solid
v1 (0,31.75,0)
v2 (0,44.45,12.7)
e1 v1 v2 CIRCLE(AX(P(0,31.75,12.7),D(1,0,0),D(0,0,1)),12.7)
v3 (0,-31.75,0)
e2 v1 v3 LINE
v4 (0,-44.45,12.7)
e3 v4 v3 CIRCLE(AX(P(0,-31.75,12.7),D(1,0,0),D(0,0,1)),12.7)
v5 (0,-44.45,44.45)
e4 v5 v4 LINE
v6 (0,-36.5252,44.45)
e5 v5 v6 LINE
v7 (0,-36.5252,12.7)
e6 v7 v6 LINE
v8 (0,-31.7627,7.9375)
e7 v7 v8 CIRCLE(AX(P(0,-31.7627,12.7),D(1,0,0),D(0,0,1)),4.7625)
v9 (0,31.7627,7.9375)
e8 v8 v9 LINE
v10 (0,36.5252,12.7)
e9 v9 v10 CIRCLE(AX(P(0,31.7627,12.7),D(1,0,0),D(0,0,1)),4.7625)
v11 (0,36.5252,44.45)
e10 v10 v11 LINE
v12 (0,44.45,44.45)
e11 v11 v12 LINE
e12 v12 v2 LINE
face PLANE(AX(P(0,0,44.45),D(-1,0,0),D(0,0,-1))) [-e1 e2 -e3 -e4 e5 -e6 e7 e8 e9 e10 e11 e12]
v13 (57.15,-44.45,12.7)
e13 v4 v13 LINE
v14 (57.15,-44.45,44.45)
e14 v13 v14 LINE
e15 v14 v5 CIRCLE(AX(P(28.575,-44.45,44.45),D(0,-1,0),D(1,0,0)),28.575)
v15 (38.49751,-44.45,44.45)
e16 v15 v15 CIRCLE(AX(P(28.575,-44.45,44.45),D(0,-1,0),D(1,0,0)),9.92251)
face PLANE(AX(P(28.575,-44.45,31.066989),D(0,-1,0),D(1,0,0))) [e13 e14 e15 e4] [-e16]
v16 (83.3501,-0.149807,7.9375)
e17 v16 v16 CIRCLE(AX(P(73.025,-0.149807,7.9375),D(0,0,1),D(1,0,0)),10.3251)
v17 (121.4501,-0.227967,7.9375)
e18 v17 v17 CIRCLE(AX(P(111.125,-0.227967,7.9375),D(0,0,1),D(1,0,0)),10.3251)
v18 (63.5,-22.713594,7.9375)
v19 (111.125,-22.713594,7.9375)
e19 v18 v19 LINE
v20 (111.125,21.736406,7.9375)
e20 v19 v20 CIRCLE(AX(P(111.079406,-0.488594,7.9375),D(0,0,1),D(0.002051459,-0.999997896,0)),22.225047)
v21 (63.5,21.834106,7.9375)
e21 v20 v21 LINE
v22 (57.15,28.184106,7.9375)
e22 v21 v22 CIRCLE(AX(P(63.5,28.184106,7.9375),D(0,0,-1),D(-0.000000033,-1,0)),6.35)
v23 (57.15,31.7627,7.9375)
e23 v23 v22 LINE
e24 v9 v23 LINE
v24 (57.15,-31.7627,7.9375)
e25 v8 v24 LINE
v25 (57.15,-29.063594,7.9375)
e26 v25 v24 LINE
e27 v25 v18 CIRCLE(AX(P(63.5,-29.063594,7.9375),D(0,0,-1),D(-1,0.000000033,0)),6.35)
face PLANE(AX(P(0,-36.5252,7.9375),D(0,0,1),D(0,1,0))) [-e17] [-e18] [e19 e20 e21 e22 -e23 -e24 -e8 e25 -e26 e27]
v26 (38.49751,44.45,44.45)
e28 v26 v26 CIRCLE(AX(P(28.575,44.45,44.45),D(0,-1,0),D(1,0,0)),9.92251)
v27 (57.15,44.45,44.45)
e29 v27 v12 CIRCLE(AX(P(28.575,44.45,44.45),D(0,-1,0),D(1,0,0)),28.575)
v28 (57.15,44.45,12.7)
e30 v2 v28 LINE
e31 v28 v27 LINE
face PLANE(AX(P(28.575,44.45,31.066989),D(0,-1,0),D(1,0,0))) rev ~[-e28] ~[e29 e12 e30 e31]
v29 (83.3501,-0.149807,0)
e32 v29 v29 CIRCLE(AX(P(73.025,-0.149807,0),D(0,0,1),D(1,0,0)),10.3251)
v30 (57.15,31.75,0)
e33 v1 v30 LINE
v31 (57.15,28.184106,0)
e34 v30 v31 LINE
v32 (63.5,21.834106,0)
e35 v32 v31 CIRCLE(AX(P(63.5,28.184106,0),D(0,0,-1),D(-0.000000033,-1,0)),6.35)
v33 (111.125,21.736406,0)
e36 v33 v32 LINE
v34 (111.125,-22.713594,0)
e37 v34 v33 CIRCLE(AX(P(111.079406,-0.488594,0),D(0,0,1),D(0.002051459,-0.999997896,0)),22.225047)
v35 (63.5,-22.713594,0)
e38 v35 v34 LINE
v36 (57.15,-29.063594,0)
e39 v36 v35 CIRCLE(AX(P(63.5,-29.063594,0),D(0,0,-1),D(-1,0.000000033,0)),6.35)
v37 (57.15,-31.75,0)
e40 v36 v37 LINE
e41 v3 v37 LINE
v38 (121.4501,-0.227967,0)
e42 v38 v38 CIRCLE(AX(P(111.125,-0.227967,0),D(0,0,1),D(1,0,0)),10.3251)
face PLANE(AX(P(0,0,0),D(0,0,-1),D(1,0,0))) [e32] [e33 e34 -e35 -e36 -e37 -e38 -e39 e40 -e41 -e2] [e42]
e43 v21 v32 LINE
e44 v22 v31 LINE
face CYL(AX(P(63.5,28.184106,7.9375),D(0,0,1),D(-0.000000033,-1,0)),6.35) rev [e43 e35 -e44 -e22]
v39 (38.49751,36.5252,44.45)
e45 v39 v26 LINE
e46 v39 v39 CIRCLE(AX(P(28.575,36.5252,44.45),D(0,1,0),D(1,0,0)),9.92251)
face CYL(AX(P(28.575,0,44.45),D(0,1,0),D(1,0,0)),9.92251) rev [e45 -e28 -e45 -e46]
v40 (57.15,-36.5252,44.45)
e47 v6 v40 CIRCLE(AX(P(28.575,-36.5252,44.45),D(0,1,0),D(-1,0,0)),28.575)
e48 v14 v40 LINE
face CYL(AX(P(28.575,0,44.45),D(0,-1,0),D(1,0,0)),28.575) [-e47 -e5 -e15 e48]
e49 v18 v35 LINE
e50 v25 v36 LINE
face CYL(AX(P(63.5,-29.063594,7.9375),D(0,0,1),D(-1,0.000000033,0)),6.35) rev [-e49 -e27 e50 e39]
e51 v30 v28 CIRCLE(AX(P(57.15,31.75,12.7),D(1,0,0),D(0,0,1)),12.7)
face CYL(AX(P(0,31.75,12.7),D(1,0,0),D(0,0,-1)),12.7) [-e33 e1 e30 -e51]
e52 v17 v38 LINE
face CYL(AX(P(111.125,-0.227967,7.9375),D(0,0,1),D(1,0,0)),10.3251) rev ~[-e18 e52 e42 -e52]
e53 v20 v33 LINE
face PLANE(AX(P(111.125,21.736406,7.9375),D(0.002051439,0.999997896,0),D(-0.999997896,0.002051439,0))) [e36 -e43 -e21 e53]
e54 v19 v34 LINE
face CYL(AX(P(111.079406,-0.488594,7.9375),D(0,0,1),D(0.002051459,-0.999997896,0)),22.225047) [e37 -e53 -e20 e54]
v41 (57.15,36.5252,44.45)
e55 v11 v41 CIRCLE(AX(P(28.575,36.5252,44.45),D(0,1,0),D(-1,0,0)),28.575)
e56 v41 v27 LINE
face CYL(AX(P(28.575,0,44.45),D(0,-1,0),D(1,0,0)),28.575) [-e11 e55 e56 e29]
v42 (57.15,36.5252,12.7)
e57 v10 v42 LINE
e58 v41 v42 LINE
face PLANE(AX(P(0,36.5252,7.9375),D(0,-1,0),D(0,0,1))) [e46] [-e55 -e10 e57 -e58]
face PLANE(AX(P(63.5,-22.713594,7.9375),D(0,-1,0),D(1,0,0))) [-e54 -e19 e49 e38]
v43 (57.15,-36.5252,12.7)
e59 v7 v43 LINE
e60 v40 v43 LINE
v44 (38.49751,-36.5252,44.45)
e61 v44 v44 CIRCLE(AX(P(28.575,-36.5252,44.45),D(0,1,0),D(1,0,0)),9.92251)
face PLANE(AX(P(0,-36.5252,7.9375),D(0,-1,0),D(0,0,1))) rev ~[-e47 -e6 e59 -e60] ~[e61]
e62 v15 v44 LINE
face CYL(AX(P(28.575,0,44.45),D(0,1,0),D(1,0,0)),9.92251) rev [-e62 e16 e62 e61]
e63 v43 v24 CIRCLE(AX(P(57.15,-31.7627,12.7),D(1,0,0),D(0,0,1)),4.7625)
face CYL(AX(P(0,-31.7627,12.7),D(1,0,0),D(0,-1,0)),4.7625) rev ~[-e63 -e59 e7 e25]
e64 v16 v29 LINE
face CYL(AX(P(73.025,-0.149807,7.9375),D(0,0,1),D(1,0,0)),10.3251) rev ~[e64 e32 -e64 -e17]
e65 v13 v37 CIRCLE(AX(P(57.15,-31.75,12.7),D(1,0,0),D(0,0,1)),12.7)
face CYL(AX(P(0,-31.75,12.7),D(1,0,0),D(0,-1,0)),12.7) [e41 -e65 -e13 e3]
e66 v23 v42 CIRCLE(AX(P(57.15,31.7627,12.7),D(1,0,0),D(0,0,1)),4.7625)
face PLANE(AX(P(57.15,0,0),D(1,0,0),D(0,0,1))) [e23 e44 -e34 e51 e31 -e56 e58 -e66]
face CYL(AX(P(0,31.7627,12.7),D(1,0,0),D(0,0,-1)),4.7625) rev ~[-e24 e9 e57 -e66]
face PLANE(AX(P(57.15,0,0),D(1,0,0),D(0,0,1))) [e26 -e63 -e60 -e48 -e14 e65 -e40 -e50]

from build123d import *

# Parameters (mm, degrees)
F0_R     = 9.92251
F1_DEPTH = 44.45
F2_W     = 73.0504
F2_H     = 65.0875
F3_DEPTH = 57.151
F4_R     = 10.3251
F5_DEPTH = 7.9375
F6_R     = 12.7
F7_R     = 4.7625


with BuildPart() as f1:
    # F0 (on Front) → F1 (new body, symmetric)
    with BuildSketch(Plane.XZ):
        with BuildLine():
            Line((0, 44.45), (0, 0))
            Line((0, 0), (57.15, 0))
            Line((57.15, 0), (57.15, 44.45))
            ThreePointArc((57.15, 44.45), (28.575, 73.025), (0, 44.45))
        make_face()
        with Locations((28.575, 44.45)):
            Circle(F0_R, mode=Mode.SUBTRACT)
    extrude(amount=F1_DEPTH, both=True)

    # F2 (on Right) → F3 (cut, through all)
    with BuildSketch(Plane.YZ):
        with Locations((0, 40.48125)):
            Rectangle(F2_W, F2_H)
    extrude(amount=F3_DEPTH, mode=Mode.SUBTRACT)

    # F4 (on face) → F5 (join)
    with BuildSketch(Plane.XY.offset(7.9375)):
        with BuildLine():
            ThreePointArc((57.15, -29.063594), (59.009872, -24.573466), (63.5, -22.713594))
            Line((63.5, -22.713594), (111.125, -22.713594))
            ThreePointArc((111.125, -22.713594), (133.304453, -0.488594), (111.125, 21.736406))
            Line((111.125, 21.736406), (63.5, 21.834106))
            ThreePointArc((63.5, 21.834106), (59.009872, 23.693978), (57.15, 28.184106))
            Line((57.15, 28.184106), (57.15, -29.063594))
        make_face()
        with Locations((73.025, -0.149807)):
            Circle(F4_R, mode=Mode.SUBTRACT)
        with Locations((111.125, -0.227967)):
            Circle(F4_R, mode=Mode.SUBTRACT)
    extrude(amount=-F5_DEPTH)

    # F6
    f6_edges = [f1.edges().sort_by_distance(p)[0] for p in [
        (28.575, -44.45, 0),
        (28.575, 44.45, 0),
    ]]
    fillet(f6_edges, radius=F6_R)

    # F7
    f7_edges = [f1.edges().sort_by_distance(p)[0] for p in [
        (28.575, -36.5252, 7.9375),
        (28.575, 36.5252, 7.9375),
    ]]
    fillet(f7_edges, radius=F7_R)


solid = f1.part
